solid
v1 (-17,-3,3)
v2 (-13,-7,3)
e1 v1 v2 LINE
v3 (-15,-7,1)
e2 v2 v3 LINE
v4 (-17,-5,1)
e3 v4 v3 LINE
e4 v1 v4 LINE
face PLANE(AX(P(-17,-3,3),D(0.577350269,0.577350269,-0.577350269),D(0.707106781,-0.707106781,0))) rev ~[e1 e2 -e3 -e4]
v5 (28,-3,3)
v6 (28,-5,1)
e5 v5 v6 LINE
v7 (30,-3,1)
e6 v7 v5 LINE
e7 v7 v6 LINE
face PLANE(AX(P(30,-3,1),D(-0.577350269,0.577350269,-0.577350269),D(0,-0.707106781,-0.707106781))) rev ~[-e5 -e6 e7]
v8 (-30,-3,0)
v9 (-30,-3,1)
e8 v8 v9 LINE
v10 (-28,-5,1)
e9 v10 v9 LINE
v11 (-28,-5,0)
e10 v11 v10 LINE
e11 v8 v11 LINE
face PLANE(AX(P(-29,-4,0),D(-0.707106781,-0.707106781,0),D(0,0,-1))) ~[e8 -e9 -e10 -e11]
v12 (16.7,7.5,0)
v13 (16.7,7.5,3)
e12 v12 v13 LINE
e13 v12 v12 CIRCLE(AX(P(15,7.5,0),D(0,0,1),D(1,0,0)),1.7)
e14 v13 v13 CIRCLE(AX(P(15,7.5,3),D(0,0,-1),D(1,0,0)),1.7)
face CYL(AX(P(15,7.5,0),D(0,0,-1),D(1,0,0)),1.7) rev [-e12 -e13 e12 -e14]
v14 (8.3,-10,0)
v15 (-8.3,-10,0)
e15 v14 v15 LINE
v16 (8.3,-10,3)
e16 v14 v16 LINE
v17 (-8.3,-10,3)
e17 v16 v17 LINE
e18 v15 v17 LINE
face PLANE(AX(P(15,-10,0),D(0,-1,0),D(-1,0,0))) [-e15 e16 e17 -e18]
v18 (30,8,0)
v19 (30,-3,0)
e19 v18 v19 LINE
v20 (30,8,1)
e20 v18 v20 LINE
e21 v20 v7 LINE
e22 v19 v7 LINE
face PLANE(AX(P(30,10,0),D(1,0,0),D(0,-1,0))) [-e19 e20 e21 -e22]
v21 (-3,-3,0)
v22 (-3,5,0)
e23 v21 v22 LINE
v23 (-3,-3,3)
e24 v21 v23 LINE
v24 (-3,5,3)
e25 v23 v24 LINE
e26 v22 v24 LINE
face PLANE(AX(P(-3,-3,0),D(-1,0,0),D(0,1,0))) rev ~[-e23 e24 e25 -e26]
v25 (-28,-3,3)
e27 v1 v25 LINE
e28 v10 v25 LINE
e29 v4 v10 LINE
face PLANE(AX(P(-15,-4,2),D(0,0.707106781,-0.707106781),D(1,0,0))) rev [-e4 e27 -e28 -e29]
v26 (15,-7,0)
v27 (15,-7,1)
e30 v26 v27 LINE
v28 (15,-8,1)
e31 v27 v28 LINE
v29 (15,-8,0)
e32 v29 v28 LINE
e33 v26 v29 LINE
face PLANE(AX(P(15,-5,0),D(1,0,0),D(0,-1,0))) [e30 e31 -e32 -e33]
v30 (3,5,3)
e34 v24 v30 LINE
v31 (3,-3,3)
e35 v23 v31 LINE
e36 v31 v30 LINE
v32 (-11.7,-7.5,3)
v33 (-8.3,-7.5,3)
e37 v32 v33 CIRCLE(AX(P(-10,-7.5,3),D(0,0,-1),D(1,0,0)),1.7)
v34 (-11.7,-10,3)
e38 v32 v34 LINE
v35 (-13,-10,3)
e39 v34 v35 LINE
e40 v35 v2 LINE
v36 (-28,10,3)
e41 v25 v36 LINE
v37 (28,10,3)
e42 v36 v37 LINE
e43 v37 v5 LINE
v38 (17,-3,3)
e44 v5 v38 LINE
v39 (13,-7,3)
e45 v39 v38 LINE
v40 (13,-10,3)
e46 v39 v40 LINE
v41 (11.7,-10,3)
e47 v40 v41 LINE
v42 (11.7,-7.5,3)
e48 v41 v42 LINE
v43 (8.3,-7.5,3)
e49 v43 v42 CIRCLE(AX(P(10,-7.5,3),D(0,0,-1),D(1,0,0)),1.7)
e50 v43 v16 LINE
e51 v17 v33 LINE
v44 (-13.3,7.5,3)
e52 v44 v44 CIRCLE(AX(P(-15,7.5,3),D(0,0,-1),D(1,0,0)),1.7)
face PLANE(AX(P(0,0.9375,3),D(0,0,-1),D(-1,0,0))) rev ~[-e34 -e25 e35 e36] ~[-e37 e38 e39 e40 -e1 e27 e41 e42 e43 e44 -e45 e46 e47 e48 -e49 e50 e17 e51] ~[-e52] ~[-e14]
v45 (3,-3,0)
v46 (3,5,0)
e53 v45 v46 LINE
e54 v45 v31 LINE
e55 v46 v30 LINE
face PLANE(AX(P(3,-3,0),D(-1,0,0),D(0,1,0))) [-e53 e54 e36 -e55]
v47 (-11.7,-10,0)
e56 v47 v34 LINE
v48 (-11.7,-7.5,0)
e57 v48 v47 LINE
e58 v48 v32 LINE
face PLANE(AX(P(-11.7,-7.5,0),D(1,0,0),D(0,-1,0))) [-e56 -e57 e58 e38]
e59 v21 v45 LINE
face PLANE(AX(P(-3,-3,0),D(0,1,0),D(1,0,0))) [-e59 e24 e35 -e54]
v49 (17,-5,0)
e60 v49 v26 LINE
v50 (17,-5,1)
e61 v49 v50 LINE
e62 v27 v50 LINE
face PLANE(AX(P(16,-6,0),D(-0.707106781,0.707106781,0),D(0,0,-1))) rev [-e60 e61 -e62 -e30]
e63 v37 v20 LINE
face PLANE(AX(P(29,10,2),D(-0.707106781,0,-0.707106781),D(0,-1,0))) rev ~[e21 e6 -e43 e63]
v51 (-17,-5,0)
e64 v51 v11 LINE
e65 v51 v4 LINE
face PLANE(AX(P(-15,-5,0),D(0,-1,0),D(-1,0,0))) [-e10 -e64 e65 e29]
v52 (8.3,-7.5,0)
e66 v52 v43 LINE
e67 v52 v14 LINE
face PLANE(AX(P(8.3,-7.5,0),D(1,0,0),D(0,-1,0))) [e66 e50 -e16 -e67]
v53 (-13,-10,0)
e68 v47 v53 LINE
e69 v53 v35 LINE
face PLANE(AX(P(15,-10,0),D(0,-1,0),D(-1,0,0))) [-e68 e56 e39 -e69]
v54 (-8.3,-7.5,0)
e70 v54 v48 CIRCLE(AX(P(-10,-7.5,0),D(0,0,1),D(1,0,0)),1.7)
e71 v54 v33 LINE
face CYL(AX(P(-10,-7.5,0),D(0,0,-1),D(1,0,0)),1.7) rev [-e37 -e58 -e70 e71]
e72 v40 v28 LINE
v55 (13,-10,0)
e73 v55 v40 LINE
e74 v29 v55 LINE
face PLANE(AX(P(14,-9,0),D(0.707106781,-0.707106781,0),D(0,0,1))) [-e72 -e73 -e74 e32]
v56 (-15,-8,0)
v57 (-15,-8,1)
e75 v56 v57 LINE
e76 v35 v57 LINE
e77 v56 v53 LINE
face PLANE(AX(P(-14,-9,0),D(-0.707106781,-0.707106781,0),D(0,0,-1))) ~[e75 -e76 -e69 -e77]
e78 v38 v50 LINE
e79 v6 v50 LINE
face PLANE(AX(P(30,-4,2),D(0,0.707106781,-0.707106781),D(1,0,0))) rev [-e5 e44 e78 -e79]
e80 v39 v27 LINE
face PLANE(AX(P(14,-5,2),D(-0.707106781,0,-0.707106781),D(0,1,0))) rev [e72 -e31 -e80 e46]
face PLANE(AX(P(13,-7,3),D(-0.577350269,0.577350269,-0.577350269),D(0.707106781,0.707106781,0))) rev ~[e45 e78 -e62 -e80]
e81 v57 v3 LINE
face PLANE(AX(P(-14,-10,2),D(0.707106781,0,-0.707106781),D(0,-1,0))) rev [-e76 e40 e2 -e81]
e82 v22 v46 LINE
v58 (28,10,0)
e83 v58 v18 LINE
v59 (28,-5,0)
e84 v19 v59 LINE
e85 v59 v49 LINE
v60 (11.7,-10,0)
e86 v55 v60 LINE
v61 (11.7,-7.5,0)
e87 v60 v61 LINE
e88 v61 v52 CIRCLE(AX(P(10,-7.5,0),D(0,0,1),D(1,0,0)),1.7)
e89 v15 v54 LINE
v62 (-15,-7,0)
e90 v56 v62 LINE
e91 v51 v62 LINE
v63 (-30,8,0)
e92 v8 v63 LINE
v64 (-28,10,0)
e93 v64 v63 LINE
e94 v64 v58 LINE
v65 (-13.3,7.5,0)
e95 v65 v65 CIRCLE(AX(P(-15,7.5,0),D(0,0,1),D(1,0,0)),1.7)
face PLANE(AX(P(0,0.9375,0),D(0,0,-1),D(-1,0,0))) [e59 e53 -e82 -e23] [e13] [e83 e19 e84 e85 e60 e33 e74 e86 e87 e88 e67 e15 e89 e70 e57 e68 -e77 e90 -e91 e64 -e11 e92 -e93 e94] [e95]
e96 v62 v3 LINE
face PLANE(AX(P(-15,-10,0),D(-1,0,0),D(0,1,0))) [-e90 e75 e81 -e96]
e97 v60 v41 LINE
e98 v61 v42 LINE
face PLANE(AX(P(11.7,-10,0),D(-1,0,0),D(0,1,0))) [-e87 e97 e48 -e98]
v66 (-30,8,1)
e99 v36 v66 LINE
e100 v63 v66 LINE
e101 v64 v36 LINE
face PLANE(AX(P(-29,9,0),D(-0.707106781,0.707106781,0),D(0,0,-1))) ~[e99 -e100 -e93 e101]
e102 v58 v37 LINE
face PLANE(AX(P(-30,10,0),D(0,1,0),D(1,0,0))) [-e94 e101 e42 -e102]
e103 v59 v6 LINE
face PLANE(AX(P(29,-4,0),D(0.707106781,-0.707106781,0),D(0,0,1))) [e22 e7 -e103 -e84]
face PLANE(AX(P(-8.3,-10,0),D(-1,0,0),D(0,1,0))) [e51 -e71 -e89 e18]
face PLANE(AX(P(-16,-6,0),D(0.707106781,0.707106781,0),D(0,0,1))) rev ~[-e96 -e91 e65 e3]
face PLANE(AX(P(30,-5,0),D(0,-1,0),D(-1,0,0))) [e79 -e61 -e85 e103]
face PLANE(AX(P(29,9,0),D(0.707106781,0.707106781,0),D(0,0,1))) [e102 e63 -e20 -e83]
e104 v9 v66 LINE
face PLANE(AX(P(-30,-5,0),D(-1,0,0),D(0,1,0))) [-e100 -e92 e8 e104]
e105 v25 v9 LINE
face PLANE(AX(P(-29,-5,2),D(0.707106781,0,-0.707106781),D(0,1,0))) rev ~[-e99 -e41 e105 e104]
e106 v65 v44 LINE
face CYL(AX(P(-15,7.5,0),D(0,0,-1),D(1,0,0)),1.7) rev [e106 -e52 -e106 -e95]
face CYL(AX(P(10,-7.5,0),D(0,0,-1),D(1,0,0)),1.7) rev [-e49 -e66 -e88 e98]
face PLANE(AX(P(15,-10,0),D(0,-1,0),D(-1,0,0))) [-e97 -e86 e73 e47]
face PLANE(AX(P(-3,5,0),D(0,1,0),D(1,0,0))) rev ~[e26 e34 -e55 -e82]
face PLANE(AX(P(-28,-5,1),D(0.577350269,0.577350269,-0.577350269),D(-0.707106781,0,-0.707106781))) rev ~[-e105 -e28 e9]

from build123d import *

# Parameters (mm, degrees)
PAD001_DEPTH    = 3
SKETCH004_W     = 6
SKETCH004_H     = 8
POCKET002_DEPTH = 5
SKETCH005_R     = 1.7
HOLE_DEPTH      = 25
CHAMFER001_SIZE = 2
POCKET005_DEPTH = 5


with BuildPart() as part:
    # Sketch003 → Pad001 (new body)
    with BuildSketch(Plane.XY):
        Polygon((-30, 10), (30, 10), (30, -5), (15, -5), (15, -10), (-15, -10), (-15, -5), (-30, -5), align=None)
    extrude(amount=PAD001_DEPTH)

    # Sketch004 → Pocket002 (cut)
    with BuildSketch(Plane.XY):
        with Locations((0, 1)):
            Rectangle(SKETCH004_W, SKETCH004_H)
    extrude(amount=POCKET002_DEPTH, mode=Mode.SUBTRACT)

    # Sketch005 → Hole (cut)
    with BuildSketch(Plane.XY):
        with Locations((-15, 7.5)):
            Circle(SKETCH005_R)
        with Locations((15, 7.5)):
            Circle(SKETCH005_R)
        with Locations((-10, -7.5)):
            Circle(SKETCH005_R)
        with Locations((10, -7.5)):
            Circle(SKETCH005_R)
    extrude(amount=HOLE_DEPTH, mode=Mode.SUBTRACT)

    # Chamfer001
    chamfer001_edges = [part.edges().sort_by_distance(p)[0] for p in [
        (-30, 10, 1.5),
        (30, 10, 1.5),
        (-30, 2.5, 3),
        (-22.5, -5, 3),
        (-15, -7.5, 3),
        (15, -7.5, 3),
        (22.5, -5, 3),
        (30, 2.5, 3),
        (30, -5, 1.5),
        (15, -10, 1.5),
        (15, -5, 1.5),
        (-15, -10, 1.5),
        (-15, -5, 1.5),
        (-30, -5, 1.5),
    ]]
    chamfer(chamfer001_edges, length=CHAMFER001_SIZE)

    # Sketch014 → Pocket005 (cut)
    with BuildSketch(Plane.XY):
        with BuildLine():
            Line((-11.7, -7.5), (-11.7, -10))
            Line((-11.7, -10), (-8.3, -10))
            Line((-8.3, -10), (-8.3, -7.5))
            ThreePointArc((-8.3, -7.5), (-10, -5.8), (-11.7, -7.5))
        make_face()
        with BuildLine():
            Line((8.3, -7.5), (8.3, -10))
            Line((8.3, -10), (11.7, -10))
            Line((11.7, -10), (11.7, -7.5))
            ThreePointArc((11.7, -7.5), (10, -5.8), (8.3, -7.5))
        make_face()
    extrude(amount=POCKET005_DEPTH, mode=Mode.SUBTRACT)


solid = part.part
